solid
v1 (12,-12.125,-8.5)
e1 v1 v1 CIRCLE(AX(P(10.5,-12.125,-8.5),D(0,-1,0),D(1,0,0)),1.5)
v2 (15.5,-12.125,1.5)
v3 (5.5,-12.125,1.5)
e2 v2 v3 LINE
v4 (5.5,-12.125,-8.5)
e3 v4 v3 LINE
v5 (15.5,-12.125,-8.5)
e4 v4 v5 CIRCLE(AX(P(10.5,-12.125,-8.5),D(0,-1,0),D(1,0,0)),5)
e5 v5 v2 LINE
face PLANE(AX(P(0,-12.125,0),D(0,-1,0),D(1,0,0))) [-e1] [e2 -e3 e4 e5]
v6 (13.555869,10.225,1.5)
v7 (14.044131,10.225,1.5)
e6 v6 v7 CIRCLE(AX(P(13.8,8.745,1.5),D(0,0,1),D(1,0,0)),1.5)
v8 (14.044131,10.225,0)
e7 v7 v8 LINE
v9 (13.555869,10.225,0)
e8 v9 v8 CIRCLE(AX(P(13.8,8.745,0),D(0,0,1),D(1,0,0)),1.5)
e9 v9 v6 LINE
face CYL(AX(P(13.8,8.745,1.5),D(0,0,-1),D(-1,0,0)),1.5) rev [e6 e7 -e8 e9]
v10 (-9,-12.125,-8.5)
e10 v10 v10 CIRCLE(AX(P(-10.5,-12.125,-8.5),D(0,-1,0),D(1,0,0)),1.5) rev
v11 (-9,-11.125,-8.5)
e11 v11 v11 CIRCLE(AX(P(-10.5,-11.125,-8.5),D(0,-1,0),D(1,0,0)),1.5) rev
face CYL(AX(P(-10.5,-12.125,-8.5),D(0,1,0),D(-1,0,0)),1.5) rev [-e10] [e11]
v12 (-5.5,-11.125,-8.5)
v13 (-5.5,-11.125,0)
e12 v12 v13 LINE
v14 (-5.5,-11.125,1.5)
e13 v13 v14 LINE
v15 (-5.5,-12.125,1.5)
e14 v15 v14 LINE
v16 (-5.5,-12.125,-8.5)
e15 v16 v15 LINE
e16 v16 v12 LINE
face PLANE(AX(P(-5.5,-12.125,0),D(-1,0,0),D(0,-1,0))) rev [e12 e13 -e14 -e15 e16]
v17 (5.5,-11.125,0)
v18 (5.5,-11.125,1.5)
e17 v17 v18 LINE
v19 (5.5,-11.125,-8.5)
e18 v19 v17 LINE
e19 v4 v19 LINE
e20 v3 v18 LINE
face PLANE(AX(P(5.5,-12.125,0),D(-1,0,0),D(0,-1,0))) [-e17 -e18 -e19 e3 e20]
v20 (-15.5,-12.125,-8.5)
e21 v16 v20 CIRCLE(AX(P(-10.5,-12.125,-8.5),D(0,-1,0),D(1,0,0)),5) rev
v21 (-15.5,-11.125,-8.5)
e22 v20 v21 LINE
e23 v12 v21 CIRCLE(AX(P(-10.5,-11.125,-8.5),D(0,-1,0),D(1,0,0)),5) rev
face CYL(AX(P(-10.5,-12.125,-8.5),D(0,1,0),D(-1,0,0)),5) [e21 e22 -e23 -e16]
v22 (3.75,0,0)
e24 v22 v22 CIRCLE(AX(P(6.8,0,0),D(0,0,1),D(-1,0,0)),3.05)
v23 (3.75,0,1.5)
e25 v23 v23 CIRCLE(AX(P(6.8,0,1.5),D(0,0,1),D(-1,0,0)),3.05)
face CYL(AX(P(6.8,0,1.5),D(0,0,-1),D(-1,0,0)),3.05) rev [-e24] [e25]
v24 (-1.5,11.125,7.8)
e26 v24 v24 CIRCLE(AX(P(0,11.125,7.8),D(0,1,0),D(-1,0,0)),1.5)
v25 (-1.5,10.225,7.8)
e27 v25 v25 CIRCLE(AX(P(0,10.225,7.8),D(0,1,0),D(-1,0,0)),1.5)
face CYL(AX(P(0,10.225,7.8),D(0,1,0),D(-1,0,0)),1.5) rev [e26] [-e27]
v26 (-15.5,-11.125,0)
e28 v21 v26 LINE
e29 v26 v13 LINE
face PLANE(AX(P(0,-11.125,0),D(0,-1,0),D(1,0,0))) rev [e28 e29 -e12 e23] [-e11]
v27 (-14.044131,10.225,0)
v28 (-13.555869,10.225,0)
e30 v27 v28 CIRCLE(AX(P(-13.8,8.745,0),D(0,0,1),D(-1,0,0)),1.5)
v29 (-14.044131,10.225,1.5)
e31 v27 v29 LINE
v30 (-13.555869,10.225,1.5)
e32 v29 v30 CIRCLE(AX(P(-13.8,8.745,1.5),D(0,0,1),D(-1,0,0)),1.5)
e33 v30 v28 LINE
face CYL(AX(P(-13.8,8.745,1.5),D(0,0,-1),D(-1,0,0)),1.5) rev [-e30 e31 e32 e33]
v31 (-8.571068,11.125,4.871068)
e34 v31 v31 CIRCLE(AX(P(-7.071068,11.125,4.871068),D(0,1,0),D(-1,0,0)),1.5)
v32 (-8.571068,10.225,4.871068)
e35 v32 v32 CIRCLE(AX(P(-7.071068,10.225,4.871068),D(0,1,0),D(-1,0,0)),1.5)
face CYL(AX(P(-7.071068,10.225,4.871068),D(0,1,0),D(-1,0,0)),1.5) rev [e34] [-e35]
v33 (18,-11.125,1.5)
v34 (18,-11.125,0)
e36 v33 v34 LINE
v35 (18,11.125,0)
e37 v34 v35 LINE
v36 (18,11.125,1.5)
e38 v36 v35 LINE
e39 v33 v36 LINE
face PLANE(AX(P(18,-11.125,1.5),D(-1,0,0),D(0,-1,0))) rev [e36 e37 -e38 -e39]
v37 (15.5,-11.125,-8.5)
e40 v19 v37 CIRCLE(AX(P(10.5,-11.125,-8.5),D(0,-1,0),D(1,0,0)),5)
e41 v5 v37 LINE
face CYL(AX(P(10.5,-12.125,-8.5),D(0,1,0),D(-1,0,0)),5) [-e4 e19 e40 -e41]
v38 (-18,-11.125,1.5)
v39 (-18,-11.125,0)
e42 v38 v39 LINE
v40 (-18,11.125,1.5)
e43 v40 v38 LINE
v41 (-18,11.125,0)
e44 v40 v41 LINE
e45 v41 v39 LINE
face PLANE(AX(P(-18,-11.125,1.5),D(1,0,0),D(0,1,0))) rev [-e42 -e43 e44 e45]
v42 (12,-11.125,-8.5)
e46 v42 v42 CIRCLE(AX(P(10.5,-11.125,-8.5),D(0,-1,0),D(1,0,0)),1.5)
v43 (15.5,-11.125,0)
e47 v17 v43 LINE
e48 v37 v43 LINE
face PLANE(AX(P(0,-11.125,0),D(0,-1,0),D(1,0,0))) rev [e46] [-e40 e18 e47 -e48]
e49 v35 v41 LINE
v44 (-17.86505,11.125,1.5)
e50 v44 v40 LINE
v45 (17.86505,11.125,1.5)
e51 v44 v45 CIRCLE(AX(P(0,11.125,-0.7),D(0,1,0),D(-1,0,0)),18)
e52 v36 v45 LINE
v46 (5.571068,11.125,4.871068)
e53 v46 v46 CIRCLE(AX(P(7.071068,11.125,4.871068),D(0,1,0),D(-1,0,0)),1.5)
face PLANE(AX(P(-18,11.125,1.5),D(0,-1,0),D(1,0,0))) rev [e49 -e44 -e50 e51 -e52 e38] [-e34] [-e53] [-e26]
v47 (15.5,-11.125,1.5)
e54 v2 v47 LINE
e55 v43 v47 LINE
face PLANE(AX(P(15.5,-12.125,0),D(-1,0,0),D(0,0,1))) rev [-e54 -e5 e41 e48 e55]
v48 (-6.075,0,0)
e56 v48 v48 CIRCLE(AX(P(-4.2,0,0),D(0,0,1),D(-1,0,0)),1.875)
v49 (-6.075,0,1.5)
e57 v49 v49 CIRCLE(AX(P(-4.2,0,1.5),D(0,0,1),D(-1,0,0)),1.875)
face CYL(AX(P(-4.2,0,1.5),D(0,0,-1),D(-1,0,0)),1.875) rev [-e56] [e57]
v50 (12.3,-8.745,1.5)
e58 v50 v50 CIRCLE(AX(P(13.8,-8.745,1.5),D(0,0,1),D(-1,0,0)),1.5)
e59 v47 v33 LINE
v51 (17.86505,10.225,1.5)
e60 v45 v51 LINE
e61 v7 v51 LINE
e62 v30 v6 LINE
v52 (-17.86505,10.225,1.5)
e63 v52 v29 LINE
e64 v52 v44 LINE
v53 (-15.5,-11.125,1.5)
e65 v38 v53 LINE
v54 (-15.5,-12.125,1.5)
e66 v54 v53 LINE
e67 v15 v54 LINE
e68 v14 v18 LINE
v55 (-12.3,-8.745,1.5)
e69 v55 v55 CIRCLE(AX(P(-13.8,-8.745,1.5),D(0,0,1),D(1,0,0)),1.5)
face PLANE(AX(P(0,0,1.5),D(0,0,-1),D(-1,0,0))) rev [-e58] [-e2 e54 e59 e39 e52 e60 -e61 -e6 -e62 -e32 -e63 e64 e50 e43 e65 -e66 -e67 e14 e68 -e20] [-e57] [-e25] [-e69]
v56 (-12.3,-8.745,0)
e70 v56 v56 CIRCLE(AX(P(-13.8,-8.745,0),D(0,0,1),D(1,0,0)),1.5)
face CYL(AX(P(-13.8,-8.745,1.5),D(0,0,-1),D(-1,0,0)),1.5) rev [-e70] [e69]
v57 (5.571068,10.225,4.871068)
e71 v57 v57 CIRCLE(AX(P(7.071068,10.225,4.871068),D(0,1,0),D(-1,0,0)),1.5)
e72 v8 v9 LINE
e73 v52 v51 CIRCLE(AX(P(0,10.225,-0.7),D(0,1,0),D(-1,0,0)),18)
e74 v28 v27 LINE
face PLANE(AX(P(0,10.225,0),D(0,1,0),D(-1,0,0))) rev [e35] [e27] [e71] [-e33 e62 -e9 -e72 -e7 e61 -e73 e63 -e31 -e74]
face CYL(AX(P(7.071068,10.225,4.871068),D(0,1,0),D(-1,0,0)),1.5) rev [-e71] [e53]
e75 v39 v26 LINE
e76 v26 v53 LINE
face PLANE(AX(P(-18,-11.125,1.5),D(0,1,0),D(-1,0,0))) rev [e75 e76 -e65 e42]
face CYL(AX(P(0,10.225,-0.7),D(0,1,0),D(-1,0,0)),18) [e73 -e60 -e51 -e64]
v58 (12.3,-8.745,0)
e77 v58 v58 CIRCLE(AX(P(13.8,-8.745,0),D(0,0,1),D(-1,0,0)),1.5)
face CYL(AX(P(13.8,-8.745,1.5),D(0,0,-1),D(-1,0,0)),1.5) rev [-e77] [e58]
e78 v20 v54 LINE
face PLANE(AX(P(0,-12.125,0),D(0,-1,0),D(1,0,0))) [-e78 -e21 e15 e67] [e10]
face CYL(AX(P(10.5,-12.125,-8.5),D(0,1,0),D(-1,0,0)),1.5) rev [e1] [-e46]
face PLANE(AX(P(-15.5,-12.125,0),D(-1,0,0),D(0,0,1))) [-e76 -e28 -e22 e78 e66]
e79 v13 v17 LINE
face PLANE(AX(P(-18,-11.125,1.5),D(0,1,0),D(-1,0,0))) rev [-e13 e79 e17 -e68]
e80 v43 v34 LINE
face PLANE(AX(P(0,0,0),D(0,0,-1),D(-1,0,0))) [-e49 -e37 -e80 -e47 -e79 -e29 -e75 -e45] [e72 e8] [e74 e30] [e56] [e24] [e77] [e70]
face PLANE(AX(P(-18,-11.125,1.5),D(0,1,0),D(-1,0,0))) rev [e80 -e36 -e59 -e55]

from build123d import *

# Parameters (mm, degrees)
CROQUIS1_W              = 36
CROQUIS1_H              = 22.25
CROQUIS1_R              = 1.5
CROQUIS1_R_2            = 3.05
CROQUIS1_R_3            = 1.875
SALIENTE_EXTRUIR1_DEPTH = 1.5
CROQUIS2_R              = 1.5
CROQUIS2_W              = 10
CROQUIS2_H              = 1.5
SALIENTE_EXTRUIR2_DEPTH = 1
CROQUIS3_R              = 1.500000001
CROQUIS3_R_2            = 1.5
SALIENTE_EXTRUIR6_DEPTH = 0.9


with BuildPart() as part:
    # Croquis1 → Saliente-Extruir1 (new body)
    with BuildSketch(Plane.XY):
        Rectangle(CROQUIS1_W, CROQUIS1_H)
        with Locations((13.8, 8.745)):
            Circle(CROQUIS1_R, mode=Mode.SUBTRACT)
        with Locations(Location((13.8, -8.745, 0), (0, 0, 180))):
            Circle(CROQUIS1_R, mode=Mode.SUBTRACT)
        with Locations(Location((6.8, 0, 0), (0, 0, 180))):
            Circle(CROQUIS1_R_2, mode=Mode.SUBTRACT)
        with Locations((-13.8, -8.745)):
            Circle(CROQUIS1_R, mode=Mode.SUBTRACT)
        with Locations(Location((-13.8, 8.745, 0), (0, 0, 180))):
            Circle(CROQUIS1_R, mode=Mode.SUBTRACT)
        with Locations(Location((-4.2, 0, 0), (0, 0, 180))):
            Circle(CROQUIS1_R_3, mode=Mode.SUBTRACT)
    extrude(amount=SALIENTE_EXTRUIR1_DEPTH)

    # Croquis2 → Saliente-Extruir2 (add)
    # profile 1 of 4: a face of its own
    with BuildSketch(Plane.XZ.offset(11.125)):
        with BuildLine():
            Line((-5.5, -8.5), (-5.5, 0))
            Line((-5.5, 0), (-15.5, 0))
            Line((-15.5, 0), (-15.5, -8.5))
            ThreePointArc((-15.5, -8.5), (-10.5, -13.5), (-5.5, -8.5))
        make_face()
        with Locations((-10.5, -8.5)):
            Circle(CROQUIS2_R, mode=Mode.SUBTRACT)
    # profile 2 of 4: a face of its own
    with BuildSketch(Plane.XZ.offset(11.125)):
        with Locations((-10.5, 0.75)):
            Rectangle(CROQUIS2_W, CROQUIS2_H)
    # profile 3 of 4: a face of its own
    with BuildSketch(Plane.XZ.offset(11.125)):
        with BuildLine():
            Line((15.5, 0), (5.5, 0))
            Line((5.5, 0), (5.5, -8.5))
            ThreePointArc((5.5, -8.5), (10.5, -13.5), (15.5, -8.5))
            Line((15.5, -8.5), (15.5, 0))
        make_face()
        with Locations((10.5, -8.5)):
            Circle(CROQUIS2_R, mode=Mode.SUBTRACT)
    # profile 4 of 4: a face of its own
    with BuildSketch(Plane.XZ.offset(11.125)):
        with Locations((10.5, 0.75)):
            Rectangle(CROQUIS2_W, CROQUIS2_H)
    extrude(amount=SALIENTE_EXTRUIR2_DEPTH)

    # Croquis3 → Saliente-Extruir6 (add)
    # profile 1 of 2: a face of its own
    with BuildSketch(Plane(origin=(0, 11.125, 0), x_dir=(1, 0, 0), z_dir=(0, 1, 0))):
        with BuildLine():
            ThreePointArc((-17.865049678, -1.5), (0, -17.3), (17.865049678, -1.5))
            Line((17.865049678, -1.5), (-17.865049678, -1.5))
        make_face()
        with Locations(Location((-7.071067812, -4.871067812, 0), (0, 0, 180))):
            Circle(CROQUIS3_R, mode=Mode.SUBTRACT)
        with Locations(Location((0, -7.8, 0), (0, 0, 180))):
            Circle(CROQUIS3_R_2, mode=Mode.SUBTRACT)
        with Locations(Location((7.071067812, -4.871067812, 0), (0, 0, 180))):
            Circle(CROQUIS3_R_2, mode=Mode.SUBTRACT)
    # profile 2 of 2: a face of its own
    with BuildSketch(Plane(origin=(0, 11.125, 0), x_dir=(1, 0, 0), z_dir=(0, 1, 0))):
        with BuildLine():
            ThreePointArc((17.865049678, -1.5), (17.941399597, -0.751268579), (17.986383739, 0))
            Line((17.986383739, 0), (-17.986383739, 0))
            ThreePointArc((-17.986383739, 0), (-17.941399597, -0.751268579), (-17.865049678, -1.5))
            Line((-17.865049678, -1.5), (17.865049678, -1.5))
        make_face()
    extrude(amount=-SALIENTE_EXTRUIR6_DEPTH)


solid = part.part
